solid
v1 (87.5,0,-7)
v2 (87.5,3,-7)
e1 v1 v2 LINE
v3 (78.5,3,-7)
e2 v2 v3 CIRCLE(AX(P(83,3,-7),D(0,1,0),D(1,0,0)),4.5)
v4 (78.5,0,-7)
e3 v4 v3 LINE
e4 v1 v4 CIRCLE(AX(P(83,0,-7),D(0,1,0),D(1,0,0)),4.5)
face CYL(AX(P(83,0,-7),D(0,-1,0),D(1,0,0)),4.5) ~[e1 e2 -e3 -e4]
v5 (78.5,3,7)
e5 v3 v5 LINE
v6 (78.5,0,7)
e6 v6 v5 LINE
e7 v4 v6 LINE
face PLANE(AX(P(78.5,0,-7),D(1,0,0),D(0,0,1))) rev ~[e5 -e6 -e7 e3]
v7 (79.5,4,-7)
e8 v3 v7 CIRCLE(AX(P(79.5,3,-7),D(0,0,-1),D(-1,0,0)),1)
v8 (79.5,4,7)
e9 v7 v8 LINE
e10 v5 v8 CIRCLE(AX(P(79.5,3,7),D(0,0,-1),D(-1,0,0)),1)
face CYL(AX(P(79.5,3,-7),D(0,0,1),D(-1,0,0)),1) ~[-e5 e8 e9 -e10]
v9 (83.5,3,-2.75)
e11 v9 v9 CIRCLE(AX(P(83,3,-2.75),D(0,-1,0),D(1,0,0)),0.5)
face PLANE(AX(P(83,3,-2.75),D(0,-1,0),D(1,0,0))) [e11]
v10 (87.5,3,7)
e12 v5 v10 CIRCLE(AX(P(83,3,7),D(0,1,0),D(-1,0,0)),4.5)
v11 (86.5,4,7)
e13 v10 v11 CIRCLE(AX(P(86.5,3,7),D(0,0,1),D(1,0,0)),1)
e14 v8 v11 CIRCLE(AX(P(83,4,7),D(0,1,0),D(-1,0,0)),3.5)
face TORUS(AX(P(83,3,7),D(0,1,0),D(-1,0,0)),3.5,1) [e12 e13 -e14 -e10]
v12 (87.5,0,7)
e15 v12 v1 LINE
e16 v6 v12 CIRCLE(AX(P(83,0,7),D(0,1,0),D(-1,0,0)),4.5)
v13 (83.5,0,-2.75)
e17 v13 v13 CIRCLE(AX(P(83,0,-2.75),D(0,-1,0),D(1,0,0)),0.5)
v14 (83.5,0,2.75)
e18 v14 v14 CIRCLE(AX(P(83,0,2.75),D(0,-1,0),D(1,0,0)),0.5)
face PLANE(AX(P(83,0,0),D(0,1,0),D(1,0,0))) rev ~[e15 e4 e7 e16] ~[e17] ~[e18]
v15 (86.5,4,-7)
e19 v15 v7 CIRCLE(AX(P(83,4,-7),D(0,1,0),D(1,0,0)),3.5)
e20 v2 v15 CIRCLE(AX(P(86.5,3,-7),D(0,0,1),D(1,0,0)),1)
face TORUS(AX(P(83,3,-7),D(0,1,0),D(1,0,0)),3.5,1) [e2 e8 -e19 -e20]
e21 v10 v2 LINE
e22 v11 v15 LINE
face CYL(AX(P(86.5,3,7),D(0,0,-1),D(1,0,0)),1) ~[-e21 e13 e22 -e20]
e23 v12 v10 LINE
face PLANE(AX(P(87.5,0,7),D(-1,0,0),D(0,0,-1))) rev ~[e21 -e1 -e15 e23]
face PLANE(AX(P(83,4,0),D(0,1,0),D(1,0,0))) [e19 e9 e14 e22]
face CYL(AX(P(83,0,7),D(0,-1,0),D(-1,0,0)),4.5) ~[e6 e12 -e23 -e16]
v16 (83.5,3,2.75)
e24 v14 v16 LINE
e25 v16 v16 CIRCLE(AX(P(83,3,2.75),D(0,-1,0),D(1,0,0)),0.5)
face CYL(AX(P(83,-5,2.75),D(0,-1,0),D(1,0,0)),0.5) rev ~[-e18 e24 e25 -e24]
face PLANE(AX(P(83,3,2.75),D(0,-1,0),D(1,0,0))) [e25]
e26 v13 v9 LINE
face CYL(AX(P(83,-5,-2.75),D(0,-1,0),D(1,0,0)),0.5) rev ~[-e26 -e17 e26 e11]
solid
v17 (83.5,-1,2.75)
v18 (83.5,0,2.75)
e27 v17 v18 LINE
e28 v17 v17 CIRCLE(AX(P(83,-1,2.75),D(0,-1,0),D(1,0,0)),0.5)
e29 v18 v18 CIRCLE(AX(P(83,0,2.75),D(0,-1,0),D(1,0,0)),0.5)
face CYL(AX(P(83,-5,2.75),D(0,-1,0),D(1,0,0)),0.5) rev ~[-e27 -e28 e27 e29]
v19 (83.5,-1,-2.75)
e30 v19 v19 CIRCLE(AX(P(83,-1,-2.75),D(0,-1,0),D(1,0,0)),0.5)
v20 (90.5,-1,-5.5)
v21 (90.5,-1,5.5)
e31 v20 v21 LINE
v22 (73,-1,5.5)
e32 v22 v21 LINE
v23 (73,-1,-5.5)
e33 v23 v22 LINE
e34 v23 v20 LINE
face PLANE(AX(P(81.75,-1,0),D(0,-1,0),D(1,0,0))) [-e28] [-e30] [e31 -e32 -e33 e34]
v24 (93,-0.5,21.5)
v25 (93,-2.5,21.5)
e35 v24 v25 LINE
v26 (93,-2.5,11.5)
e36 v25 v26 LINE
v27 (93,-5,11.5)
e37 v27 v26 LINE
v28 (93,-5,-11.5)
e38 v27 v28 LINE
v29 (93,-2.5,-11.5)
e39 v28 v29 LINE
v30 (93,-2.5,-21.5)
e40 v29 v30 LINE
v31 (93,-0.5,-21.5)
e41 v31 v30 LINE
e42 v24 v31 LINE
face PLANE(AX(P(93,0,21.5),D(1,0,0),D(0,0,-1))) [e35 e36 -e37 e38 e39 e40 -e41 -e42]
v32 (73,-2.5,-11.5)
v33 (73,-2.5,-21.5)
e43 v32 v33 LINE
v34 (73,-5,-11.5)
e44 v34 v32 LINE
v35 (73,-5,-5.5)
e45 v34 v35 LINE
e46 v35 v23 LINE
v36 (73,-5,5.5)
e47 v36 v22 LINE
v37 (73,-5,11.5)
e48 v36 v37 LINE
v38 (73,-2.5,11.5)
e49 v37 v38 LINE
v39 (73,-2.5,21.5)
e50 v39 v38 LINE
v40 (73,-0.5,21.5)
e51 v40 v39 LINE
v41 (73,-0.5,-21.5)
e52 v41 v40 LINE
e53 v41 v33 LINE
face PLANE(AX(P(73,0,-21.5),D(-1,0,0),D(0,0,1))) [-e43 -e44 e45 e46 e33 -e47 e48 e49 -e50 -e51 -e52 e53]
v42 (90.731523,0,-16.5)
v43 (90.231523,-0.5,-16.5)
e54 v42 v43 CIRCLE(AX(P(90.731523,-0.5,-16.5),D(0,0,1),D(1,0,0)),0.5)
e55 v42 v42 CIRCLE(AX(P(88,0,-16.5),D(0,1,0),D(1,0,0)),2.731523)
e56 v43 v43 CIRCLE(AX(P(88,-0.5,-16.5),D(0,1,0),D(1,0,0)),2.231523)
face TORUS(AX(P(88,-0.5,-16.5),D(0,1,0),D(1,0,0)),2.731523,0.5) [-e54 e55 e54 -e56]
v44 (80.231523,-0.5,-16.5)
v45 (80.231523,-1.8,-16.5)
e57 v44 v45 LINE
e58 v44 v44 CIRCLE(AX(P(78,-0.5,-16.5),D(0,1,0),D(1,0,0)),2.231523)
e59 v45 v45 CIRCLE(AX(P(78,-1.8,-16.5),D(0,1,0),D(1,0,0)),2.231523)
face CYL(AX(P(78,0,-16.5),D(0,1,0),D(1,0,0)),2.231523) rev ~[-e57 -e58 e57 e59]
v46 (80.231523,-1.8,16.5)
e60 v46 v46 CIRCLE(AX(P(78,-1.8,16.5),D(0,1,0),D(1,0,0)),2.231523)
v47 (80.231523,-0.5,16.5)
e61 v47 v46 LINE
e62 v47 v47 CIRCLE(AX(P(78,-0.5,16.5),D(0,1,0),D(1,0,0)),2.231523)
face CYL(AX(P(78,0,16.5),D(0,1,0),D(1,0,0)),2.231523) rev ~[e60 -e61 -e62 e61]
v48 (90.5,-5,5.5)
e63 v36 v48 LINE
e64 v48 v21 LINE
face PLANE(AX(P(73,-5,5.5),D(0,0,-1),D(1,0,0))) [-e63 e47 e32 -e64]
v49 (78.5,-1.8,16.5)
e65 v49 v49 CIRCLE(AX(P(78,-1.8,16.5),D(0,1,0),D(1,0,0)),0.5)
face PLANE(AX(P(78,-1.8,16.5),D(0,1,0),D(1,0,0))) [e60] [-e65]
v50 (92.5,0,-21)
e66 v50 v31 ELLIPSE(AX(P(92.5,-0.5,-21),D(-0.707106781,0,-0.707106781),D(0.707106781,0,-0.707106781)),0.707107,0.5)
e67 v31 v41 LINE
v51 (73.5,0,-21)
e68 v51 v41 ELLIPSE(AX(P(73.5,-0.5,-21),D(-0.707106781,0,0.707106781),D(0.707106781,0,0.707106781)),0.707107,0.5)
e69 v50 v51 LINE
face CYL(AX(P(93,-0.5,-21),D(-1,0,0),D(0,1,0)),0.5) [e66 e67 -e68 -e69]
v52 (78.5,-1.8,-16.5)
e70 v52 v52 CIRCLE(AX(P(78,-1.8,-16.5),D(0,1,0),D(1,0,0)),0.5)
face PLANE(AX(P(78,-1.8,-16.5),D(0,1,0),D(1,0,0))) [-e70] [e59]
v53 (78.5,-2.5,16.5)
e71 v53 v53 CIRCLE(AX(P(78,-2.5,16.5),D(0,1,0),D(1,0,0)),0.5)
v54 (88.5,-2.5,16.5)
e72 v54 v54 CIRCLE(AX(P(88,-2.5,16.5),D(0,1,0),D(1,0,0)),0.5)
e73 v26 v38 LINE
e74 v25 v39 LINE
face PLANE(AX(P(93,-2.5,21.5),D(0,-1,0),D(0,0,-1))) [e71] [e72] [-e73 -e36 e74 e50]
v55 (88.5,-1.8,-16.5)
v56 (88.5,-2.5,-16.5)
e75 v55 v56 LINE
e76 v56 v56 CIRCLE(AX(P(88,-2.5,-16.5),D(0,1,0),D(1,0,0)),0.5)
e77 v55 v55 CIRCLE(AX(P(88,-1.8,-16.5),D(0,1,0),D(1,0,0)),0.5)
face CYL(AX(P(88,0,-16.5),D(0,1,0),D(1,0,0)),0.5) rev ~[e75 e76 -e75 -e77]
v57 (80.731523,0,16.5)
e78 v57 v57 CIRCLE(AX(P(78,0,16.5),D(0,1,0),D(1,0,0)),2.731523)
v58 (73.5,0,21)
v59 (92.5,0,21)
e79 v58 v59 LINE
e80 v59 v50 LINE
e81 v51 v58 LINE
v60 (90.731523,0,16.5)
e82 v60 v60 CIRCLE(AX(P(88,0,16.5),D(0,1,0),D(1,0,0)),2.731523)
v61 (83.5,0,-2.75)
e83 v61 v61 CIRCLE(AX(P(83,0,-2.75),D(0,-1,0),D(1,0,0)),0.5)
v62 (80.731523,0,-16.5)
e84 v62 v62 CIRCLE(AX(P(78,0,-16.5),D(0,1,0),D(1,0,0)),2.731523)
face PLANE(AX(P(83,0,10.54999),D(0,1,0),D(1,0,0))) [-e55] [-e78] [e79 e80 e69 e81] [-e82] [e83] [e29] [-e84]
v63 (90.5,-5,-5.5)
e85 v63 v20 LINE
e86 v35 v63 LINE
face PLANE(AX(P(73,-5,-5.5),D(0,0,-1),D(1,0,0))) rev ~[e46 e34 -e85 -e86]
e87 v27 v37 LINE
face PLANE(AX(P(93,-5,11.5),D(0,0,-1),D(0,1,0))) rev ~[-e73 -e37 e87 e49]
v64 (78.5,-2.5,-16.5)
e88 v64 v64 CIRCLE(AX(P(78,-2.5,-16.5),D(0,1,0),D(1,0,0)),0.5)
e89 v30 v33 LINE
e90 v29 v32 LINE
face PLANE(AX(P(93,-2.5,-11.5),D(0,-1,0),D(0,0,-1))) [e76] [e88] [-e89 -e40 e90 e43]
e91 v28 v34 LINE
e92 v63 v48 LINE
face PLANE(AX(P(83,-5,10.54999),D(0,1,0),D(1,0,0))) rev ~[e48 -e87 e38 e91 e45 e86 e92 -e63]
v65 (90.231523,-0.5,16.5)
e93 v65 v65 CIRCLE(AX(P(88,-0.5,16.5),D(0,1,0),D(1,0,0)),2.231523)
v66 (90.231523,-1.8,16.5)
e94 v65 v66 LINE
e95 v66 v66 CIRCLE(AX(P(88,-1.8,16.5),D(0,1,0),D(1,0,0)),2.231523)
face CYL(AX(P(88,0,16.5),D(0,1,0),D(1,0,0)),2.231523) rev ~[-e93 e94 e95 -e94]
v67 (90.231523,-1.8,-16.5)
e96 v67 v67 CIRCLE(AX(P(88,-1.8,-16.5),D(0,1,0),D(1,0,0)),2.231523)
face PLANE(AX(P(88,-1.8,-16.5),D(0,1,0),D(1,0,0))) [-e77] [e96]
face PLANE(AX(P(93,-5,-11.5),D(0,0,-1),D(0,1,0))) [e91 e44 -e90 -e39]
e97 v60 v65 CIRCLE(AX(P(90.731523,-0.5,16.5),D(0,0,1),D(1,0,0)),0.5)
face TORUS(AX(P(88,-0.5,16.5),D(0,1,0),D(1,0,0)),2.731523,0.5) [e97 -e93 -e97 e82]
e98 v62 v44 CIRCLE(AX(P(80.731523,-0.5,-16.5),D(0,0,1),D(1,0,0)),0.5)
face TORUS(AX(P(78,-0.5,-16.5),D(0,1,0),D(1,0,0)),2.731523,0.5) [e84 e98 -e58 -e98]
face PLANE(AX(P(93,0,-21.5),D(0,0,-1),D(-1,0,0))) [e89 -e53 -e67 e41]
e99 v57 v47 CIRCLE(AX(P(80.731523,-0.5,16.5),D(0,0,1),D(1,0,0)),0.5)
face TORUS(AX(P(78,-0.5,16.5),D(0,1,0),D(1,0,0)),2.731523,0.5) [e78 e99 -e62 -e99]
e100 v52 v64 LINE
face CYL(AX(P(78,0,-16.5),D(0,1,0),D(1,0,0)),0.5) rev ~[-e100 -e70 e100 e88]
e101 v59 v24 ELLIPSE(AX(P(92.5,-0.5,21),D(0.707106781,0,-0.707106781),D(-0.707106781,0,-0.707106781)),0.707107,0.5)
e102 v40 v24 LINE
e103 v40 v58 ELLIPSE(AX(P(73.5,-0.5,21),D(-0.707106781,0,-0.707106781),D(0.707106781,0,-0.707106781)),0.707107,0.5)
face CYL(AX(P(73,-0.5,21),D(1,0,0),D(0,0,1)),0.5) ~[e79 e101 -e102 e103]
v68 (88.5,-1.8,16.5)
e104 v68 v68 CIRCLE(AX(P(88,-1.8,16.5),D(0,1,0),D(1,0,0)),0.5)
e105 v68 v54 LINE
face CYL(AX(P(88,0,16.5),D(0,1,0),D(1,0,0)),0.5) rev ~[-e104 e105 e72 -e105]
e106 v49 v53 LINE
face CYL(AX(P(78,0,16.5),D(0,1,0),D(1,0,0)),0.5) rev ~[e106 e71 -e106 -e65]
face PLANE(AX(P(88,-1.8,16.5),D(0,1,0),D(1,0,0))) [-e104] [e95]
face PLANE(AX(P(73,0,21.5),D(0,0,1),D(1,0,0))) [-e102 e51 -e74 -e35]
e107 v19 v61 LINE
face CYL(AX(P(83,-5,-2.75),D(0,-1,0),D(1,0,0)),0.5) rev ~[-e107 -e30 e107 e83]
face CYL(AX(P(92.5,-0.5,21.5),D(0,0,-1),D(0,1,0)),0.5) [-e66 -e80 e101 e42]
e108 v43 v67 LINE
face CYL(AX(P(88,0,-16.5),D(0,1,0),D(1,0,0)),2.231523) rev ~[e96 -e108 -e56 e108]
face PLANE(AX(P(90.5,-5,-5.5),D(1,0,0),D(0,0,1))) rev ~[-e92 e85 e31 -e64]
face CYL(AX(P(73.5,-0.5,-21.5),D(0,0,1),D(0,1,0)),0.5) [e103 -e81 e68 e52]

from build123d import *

# Parameters (mm, degrees)
BOSS_EXTRUDE1_DEPTH = 4
BOSS_EXTRUDE2_DEPTH = 5
SKETCH6_W           = 10
SKETCH6_H           = 2.5
CUT_EXTRUDE5_DEPTH  = 20
SKETCH7_R           = 2.231522852
SKETCH7_R_2         = 0.5
CUT_EXTRUDE6_DEPTH  = 1.8
SKETCH7_2_R         = 0.5
CUT_EXTRUDE7_DEPTH  = 2.5
FILLET1_R           = 0.5
FILLET2_R           = 1
SKETCH9_W           = 17.5
SKETCH9_H           = 11
CUT_EXTRUDE8_DEPTH  = 4
SKETCH9_3_R         = 0.5
CUT_EXTRUDE9_DEPTH  = 8


with BuildPart() as part:
    # Sketch1 → Boss-Extrude1 (new body)
    with BuildSketch(Plane(origin=(0, 0, 0), x_dir=(1, 0, 0), z_dir=(0, 1, 0))):
        with BuildLine():
            Line((78.5, 7), (78.5, -7))
            ThreePointArc((78.5, -7), (83, -11.5), (87.5, -7))
            Line((87.5, -7), (87.5, 7))
            ThreePointArc((87.5, 7), (83, 11.5), (78.5, 7))
        make_face()
    extrude(amount=BOSS_EXTRUDE1_DEPTH)

    # Fillet2
    fillet2_edges = [part.edges().sort_by_distance(p)[0] for p in [
        (78.5, 4, 0),
        (83, 4, 11.5),
        (87.5, 4, 0),
        (83, 4, -11.5),
    ]]
    fillet(fillet2_edges, radius=FILLET2_R)


with BuildPart() as body_2:
    # Sketch1<3> → Boss-Extrude2 (new body)
    with BuildSketch(Plane(origin=(0, 0, 0), x_dir=(1, 0, 0), z_dir=(0, 1, 0))):
        with BuildLine():
            Line((78.5, -7), (78.5, 0))
            Line((78.5, 0), (73, 0))
            Line((73, 0), (73, -21.5))
            Line((73, -21.5), (93, -21.5))
            Line((93, -21.5), (93, 0))
            Line((93, 0), (87.5, 0))
            Line((87.5, 0), (87.5, -7))
            ThreePointArc((87.5, -7), (83, -11.5), (78.5, -7))
        make_face()
        with BuildLine():
            Line((78.5, 0), (78.5, 7))
            ThreePointArc((78.5, 7), (83, 11.5), (87.5, 7))
            Line((87.5, 7), (87.5, 0))
            Line((87.5, 0), (93, 0))
            Line((93, 0), (93, 21.5))
            Line((93, 21.5), (73, 21.5))
            Line((73, 21.5), (73, 0))
            Line((73, 0), (78.5, 0))
        make_face()
        with BuildLine():
            Line((87.5, 0), (78.5, 0))
            Line((78.5, 0), (78.5, -7))
            ThreePointArc((78.5, -7), (83, -11.5), (87.5, -7))
            Line((87.5, -7), (87.5, 0))
        make_face()
        with BuildLine():
            ThreePointArc((87.5, 7), (83, 11.5), (78.5, 7))
            Line((78.5, 7), (78.5, 0))
            Line((78.5, 0), (87.5, 0))
            Line((87.5, 0), (87.5, 7))
        make_face()
    extrude(amount=-BOSS_EXTRUDE2_DEPTH)

    # Sketch6 → Cut-Extrude5 (cut)
    with BuildSketch(Plane(origin=(93, 0, 0), x_dir=(0, 0, -1), z_dir=(1, 0, 0))):
        with Locations((16.5, -3.75)):
            Rectangle(SKETCH6_W, SKETCH6_H)
        with Locations((-16.5, -3.75)):
            Rectangle(SKETCH6_W, SKETCH6_H)
    extrude(amount=-CUT_EXTRUDE5_DEPTH, mode=Mode.SUBTRACT)

    # Sketch7 → Cut-Extrude6 (cut)
    with BuildSketch(Plane(origin=(0, 0, 0), x_dir=(1, 0, 0), z_dir=(0, 1, 0))):
        with Locations((78, 16.5)):
            Circle(SKETCH7_R)
        with Locations((78, 16.5)):
            Circle(SKETCH7_R_2, mode=Mode.SUBTRACT)
        with Locations((88, 16.5)):
            Circle(SKETCH7_R)
        with Locations((88, 16.5)):
            Circle(SKETCH7_R_2, mode=Mode.SUBTRACT)
        with Locations((88, -16.5)):
            Circle(SKETCH7_R)
        with Locations((88, -16.5)):
            Circle(SKETCH7_R_2, mode=Mode.SUBTRACT)
        with Locations((78, -16.5)):
            Circle(SKETCH7_R)
        with Locations((78, -16.5)):
            Circle(SKETCH7_R_2, mode=Mode.SUBTRACT)
    extrude(amount=-CUT_EXTRUDE6_DEPTH, mode=Mode.SUBTRACT)

    # Sketch7<2> → Cut-Extrude7 (cut)
    with BuildSketch(Plane(origin=(0, 0, 0), x_dir=(1, 0, 0), z_dir=(0, 1, 0))):
        with Locations((88, 16.5)):
            Circle(SKETCH7_2_R)
        with Locations((78, -16.5)):
            Circle(SKETCH7_2_R)
        with Locations((88, -16.5)):
            Circle(SKETCH7_2_R)
        with Locations((78, 16.5)):
            Circle(SKETCH7_2_R)
    extrude(amount=-CUT_EXTRUDE7_DEPTH, mode=Mode.SUBTRACT)

    # Fillet1
    fillet1_edges = [body_2.edges().sort_by_distance(p)[0] for p in [
        (75.768477148, 0, 16.5),
        (85.768477148, 0, 16.5),
        (85.768477148, 0, -16.5),
        (75.768477148, 0, -16.5),
        (93, 0, 0),
        (83, 0, 21.5),
        (73, 0, 0),
        (83, 0, -21.5),
    ]]
    fillet(fillet1_edges, radius=FILLET1_R)

    # Sketch9 → Cut-Extrude8 (cut)
    with BuildSketch(Plane.XZ.offset(5)):
        with Locations((81.75, 0)):
            Rectangle(SKETCH9_W, SKETCH9_H)
    extrude(amount=-CUT_EXTRUDE8_DEPTH, mode=Mode.SUBTRACT)


with BuildPart() as cut_extrude9_tool:
    # Sketch9<3> → Cut-Extrude9 (new body)
    with BuildSketch(Plane.XZ.offset(5)):
        with Locations((83, -2.75)):
            Circle(SKETCH9_3_R)
        with Locations((83, 2.75)):
            Circle(SKETCH9_3_R)
    extrude(amount=-CUT_EXTRUDE9_DEPTH)


with BuildPart() as part_1:
    add(part.part)

    # Cut-Extrude9: cut by cut_extrude9_tool
    add(cut_extrude9_tool.part, mode=Mode.SUBTRACT)


with BuildPart() as body_2_1:
    add(body_2.part)

    # Cut-Extrude9: cut by cut_extrude9_tool
    add(cut_extrude9_tool.part, mode=Mode.SUBTRACT)


solid = Compound([part_1.part, body_2_1.part])
